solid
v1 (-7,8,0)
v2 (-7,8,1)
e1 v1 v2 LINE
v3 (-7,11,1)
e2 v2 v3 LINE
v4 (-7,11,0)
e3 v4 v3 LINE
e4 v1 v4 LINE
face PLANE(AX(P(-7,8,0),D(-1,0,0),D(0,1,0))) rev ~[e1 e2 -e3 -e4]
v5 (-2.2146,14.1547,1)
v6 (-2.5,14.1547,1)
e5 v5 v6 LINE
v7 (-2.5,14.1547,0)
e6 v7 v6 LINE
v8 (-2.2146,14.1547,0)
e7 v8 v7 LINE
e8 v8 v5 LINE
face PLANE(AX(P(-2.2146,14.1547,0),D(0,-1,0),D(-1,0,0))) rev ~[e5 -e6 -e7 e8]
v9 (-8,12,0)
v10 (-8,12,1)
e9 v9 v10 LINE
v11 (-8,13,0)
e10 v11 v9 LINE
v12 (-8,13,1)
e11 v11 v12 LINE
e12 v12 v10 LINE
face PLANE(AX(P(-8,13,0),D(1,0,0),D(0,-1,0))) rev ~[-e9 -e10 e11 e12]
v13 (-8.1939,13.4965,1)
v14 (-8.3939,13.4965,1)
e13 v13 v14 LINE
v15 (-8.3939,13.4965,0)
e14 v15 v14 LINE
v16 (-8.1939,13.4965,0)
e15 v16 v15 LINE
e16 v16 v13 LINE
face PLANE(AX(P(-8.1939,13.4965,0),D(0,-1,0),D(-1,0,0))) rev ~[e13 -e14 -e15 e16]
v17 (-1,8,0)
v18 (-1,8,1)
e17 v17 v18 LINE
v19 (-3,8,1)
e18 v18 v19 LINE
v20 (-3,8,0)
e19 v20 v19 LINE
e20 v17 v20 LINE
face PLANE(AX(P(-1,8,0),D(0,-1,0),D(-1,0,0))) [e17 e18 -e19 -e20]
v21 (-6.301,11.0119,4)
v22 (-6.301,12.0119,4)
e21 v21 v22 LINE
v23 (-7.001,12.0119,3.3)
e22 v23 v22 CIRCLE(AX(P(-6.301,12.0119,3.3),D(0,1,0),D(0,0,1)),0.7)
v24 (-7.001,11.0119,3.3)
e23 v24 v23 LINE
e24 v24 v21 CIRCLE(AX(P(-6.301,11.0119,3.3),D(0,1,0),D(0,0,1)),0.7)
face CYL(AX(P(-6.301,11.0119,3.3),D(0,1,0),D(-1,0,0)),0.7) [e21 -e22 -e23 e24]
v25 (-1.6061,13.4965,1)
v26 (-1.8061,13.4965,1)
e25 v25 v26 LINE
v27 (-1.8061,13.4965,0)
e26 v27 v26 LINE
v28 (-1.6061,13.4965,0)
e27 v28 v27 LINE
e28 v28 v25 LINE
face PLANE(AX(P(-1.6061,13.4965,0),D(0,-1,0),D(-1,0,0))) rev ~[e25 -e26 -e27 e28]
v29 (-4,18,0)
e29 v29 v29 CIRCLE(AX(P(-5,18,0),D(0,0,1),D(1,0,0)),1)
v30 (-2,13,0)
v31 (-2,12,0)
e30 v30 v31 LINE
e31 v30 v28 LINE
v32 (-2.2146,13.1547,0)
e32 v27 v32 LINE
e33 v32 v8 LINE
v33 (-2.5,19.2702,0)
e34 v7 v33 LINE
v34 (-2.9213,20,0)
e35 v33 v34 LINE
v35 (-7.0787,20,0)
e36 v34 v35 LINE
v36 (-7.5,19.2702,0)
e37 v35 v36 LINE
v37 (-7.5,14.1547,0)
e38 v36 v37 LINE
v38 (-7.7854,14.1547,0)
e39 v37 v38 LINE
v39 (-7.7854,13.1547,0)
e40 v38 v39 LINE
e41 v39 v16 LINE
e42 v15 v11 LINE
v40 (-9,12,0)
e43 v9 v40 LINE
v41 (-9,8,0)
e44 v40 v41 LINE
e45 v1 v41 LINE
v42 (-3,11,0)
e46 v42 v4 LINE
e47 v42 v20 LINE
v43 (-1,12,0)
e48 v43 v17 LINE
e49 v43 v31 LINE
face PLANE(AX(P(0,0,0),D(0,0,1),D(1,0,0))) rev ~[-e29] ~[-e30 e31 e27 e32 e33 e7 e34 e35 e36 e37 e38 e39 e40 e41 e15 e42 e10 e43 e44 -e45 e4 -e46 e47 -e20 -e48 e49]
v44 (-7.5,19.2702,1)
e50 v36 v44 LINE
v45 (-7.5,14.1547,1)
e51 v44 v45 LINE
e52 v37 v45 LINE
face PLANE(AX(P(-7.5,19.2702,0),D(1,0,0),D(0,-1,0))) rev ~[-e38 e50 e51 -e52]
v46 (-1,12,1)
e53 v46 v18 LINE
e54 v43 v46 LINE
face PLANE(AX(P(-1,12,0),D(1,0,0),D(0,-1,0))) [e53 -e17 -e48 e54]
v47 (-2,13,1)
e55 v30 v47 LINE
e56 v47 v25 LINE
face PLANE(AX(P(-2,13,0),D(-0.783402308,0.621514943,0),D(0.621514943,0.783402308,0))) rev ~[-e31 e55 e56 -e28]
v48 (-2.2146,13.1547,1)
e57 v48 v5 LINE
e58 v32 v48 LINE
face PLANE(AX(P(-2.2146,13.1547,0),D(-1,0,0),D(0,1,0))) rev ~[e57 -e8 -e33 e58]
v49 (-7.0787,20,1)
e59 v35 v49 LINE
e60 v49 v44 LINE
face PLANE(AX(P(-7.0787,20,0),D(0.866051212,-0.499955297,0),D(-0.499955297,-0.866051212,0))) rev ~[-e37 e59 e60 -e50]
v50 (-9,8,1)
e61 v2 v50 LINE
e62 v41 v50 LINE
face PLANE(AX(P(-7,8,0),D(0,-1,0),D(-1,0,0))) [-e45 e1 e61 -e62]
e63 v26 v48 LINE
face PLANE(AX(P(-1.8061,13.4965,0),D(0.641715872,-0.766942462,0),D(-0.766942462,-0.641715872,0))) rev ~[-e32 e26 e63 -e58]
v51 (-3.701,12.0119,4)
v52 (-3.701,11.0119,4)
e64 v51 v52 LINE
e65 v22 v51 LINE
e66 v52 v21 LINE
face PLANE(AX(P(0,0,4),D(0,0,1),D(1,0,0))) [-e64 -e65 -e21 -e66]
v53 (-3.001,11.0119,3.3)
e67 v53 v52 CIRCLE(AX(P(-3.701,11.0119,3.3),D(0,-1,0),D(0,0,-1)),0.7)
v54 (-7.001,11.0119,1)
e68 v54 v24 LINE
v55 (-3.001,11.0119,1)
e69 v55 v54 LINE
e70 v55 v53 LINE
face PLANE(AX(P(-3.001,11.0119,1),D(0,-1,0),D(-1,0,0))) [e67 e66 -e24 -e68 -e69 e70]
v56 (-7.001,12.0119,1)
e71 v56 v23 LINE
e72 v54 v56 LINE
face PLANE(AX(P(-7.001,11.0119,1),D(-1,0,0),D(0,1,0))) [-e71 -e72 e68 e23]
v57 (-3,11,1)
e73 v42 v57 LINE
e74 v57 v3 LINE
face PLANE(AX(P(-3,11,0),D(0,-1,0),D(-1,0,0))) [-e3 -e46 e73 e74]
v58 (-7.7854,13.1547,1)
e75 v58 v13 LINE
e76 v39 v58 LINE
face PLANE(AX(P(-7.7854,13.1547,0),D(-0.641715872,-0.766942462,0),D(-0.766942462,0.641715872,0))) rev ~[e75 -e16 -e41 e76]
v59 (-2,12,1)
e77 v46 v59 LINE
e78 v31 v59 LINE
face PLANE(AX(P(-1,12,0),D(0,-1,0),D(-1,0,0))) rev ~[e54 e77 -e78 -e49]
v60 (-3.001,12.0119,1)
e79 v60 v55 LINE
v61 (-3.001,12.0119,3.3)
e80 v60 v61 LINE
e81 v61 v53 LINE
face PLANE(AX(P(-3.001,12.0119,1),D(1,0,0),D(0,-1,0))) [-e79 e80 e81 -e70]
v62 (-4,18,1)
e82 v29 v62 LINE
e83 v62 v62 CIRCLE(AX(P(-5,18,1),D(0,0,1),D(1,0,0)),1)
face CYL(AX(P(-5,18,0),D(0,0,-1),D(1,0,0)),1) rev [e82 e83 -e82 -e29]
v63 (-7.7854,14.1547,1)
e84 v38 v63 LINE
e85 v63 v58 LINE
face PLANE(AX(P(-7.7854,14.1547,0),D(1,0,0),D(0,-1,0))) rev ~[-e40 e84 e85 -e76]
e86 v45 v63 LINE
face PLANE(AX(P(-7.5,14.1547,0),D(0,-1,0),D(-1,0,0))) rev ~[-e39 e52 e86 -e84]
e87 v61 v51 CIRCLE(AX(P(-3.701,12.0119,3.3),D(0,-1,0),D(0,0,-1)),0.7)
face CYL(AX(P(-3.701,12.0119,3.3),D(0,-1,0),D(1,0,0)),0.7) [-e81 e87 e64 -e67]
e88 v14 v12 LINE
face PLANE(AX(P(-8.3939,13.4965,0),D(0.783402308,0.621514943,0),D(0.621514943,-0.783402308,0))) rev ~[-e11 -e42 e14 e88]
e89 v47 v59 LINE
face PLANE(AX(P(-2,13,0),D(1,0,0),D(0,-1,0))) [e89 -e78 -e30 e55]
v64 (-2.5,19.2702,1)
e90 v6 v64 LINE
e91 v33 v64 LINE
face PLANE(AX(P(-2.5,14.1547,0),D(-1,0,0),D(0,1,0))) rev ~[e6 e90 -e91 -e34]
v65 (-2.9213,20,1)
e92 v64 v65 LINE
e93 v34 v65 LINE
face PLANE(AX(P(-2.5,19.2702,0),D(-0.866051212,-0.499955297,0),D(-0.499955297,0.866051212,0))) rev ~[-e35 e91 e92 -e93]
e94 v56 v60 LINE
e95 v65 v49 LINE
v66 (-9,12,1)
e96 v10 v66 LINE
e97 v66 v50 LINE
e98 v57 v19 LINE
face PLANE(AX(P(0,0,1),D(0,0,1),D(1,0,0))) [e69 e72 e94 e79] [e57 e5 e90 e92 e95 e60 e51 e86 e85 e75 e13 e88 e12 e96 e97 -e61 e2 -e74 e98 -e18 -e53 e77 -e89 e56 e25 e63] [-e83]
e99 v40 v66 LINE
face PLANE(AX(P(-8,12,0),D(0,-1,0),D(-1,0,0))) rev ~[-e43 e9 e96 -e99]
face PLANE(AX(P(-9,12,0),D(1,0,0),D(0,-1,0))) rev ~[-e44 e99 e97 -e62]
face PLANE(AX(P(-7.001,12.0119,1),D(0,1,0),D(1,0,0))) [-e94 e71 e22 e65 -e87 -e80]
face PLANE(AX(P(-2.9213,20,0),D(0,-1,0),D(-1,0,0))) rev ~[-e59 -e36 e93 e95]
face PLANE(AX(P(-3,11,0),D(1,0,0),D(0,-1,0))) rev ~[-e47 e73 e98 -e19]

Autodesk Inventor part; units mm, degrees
ref_plane "YZ Plane" through (0, 0, 0) normal (1, 0, 0) x (0, 1, 0)
ref_plane "XZ Plane" through (0, 0, 0) normal (0, 1, 0) x (-1, 0, 0)
ref_plane "XY Plane" through (0, 0, 0) normal (0, 0, 1) x (1, 0, 0)
sketch "Boceto1" plane through (0, 0, 0) normal (0, 0, 1) x (1, 0, 0)
  circle A0 centre (-5, 18) radius 1 projected
  line L0 (-8.3939, 13.4965) -> (-8, 13) projected
  line L1 (-8, 13) -> (-8, 12) projected
  line L2 (-2, 13) -> (-2, 12) projected
  line L3 (-2, 13) -> (-1.6061, 13.4965) projected
  line L4 (-1.6061, 13.4965) -> (-1.8061, 13.4965) projected
  line L5 (-1.8061, 13.4965) -> (-2.2146, 13.1547) projected
  line L6 (-2.2146, 13.1547) -> (-2.2146, 14.1547) projected
  line L7 (-2.2146, 14.1547) -> (-2.5, 14.1547) projected
  line L8 (-2.5, 14.1547) -> (-2.5, 19.2702) projected
  line L9 (-2.5, 19.2702) -> (-2.9213, 20) projected
  line L10 (-2.9213, 20) -> (-7.0787, 20) projected
  line L11 (-7.0787, 20) -> (-7.5, 19.2702) projected
  line L12 (-7.5, 19.2702) -> (-7.5, 14.1547) projected
  line L13 (-7.5, 14.1547) -> (-7.7854, 14.1547) projected
  line L14 (-7.7854, 14.1547) -> (-7.7854, 13.1547) projected
  line L15 (-7.7854, 13.1547) -> (-8.1939, 13.4965) projected
  line L16 (-8.1939, 13.4965) -> (-8.3939, 13.4965) projected
  line L17 (-8, 12) -> (-9, 12) projected
  line L18 (-9, 12) -> (-9, 8) projected
  line L19 (-7, 8) -> (-9, 8) projected
  line L20 (-7, 8) -> (-7, 11) projected
  line L21 (-3, 11) -> (-3, 8) projected
  line L22 (-1, 8) -> (-3, 8) projected
  line L23 (-1, 12) -> (-1, 8) projected
  line L24 (-1, 12) -> (-2, 12) projected
  line L25 (-3, 11) -> (-7, 11) projected
  point P0 (0, 0)
extrude "Extrusión1" add sketch "Boceto1" along normal blind 1
sketch "Boceto6" plane through (0, 0, 1) normal (0, 0, 1) x (1, 0, 0)
  line L0 (-3, 11) -> (-3, 8) projected
  line L1 (-7, 11) -> (-3, 11)
  line L2 (-3, 11) -> (-3, 10)
  line L3 (-3, 10) -> (-7, 10)
  line L4 (-7, 10) -> (-7, 11)
  point P0 (0, 0)
  point P1 (-3, 12)
  dimension "d19" = 1
  dimension "d20" = 4
sketch "Boceto7" plane through (-7, 12, 0) normal (0, -1, 0) x (1, 0, 0)
  line L0 (0, 0) -> (4, 0) projected
  line L1 (4, 0) -> (4, 1) projected
  line L2 (0, 1) -> (4, 1) projected
  line L3 (0, 0) -> (0, 1) projected
  line L4 (0, 0) -> (4, 0)
  line L5 (4, 0) -> (4, 1)
  line L6 (4, 1) -> (0, 1)
  line L7 (0, 1) -> (0, 0)
  point P0 (7, 0)
feature "Barrido2" [suppressed]
fillet "Empalme4" [suppressed]
sketch "Boceto8" plane through (0, 0, 1) normal (0, 0, 1) x (1, 0, 0)
  line L0 (-3.001, 11.0119) -> (-7.001, 11.0119)
  line L1 (-7.001, 11.0119) -> (-7.001, 12.0119)
  line L2 (-7.001, 12.0119) -> (-3.001, 12.0119)
  line L3 (-3.001, 12.0119) -> (-3.001, 11.0119)
  point P0 (0, 0)
  dimension "d24" = 4
  dimension "d25" = 1
extrude "Extrusión4" add sketch "Boceto8" along normal blind 3
fillet "Empalme5" radius 0.7 2 edges at (-7.001, 11.5119, 4) (-3.001, 11.5119, 4)
